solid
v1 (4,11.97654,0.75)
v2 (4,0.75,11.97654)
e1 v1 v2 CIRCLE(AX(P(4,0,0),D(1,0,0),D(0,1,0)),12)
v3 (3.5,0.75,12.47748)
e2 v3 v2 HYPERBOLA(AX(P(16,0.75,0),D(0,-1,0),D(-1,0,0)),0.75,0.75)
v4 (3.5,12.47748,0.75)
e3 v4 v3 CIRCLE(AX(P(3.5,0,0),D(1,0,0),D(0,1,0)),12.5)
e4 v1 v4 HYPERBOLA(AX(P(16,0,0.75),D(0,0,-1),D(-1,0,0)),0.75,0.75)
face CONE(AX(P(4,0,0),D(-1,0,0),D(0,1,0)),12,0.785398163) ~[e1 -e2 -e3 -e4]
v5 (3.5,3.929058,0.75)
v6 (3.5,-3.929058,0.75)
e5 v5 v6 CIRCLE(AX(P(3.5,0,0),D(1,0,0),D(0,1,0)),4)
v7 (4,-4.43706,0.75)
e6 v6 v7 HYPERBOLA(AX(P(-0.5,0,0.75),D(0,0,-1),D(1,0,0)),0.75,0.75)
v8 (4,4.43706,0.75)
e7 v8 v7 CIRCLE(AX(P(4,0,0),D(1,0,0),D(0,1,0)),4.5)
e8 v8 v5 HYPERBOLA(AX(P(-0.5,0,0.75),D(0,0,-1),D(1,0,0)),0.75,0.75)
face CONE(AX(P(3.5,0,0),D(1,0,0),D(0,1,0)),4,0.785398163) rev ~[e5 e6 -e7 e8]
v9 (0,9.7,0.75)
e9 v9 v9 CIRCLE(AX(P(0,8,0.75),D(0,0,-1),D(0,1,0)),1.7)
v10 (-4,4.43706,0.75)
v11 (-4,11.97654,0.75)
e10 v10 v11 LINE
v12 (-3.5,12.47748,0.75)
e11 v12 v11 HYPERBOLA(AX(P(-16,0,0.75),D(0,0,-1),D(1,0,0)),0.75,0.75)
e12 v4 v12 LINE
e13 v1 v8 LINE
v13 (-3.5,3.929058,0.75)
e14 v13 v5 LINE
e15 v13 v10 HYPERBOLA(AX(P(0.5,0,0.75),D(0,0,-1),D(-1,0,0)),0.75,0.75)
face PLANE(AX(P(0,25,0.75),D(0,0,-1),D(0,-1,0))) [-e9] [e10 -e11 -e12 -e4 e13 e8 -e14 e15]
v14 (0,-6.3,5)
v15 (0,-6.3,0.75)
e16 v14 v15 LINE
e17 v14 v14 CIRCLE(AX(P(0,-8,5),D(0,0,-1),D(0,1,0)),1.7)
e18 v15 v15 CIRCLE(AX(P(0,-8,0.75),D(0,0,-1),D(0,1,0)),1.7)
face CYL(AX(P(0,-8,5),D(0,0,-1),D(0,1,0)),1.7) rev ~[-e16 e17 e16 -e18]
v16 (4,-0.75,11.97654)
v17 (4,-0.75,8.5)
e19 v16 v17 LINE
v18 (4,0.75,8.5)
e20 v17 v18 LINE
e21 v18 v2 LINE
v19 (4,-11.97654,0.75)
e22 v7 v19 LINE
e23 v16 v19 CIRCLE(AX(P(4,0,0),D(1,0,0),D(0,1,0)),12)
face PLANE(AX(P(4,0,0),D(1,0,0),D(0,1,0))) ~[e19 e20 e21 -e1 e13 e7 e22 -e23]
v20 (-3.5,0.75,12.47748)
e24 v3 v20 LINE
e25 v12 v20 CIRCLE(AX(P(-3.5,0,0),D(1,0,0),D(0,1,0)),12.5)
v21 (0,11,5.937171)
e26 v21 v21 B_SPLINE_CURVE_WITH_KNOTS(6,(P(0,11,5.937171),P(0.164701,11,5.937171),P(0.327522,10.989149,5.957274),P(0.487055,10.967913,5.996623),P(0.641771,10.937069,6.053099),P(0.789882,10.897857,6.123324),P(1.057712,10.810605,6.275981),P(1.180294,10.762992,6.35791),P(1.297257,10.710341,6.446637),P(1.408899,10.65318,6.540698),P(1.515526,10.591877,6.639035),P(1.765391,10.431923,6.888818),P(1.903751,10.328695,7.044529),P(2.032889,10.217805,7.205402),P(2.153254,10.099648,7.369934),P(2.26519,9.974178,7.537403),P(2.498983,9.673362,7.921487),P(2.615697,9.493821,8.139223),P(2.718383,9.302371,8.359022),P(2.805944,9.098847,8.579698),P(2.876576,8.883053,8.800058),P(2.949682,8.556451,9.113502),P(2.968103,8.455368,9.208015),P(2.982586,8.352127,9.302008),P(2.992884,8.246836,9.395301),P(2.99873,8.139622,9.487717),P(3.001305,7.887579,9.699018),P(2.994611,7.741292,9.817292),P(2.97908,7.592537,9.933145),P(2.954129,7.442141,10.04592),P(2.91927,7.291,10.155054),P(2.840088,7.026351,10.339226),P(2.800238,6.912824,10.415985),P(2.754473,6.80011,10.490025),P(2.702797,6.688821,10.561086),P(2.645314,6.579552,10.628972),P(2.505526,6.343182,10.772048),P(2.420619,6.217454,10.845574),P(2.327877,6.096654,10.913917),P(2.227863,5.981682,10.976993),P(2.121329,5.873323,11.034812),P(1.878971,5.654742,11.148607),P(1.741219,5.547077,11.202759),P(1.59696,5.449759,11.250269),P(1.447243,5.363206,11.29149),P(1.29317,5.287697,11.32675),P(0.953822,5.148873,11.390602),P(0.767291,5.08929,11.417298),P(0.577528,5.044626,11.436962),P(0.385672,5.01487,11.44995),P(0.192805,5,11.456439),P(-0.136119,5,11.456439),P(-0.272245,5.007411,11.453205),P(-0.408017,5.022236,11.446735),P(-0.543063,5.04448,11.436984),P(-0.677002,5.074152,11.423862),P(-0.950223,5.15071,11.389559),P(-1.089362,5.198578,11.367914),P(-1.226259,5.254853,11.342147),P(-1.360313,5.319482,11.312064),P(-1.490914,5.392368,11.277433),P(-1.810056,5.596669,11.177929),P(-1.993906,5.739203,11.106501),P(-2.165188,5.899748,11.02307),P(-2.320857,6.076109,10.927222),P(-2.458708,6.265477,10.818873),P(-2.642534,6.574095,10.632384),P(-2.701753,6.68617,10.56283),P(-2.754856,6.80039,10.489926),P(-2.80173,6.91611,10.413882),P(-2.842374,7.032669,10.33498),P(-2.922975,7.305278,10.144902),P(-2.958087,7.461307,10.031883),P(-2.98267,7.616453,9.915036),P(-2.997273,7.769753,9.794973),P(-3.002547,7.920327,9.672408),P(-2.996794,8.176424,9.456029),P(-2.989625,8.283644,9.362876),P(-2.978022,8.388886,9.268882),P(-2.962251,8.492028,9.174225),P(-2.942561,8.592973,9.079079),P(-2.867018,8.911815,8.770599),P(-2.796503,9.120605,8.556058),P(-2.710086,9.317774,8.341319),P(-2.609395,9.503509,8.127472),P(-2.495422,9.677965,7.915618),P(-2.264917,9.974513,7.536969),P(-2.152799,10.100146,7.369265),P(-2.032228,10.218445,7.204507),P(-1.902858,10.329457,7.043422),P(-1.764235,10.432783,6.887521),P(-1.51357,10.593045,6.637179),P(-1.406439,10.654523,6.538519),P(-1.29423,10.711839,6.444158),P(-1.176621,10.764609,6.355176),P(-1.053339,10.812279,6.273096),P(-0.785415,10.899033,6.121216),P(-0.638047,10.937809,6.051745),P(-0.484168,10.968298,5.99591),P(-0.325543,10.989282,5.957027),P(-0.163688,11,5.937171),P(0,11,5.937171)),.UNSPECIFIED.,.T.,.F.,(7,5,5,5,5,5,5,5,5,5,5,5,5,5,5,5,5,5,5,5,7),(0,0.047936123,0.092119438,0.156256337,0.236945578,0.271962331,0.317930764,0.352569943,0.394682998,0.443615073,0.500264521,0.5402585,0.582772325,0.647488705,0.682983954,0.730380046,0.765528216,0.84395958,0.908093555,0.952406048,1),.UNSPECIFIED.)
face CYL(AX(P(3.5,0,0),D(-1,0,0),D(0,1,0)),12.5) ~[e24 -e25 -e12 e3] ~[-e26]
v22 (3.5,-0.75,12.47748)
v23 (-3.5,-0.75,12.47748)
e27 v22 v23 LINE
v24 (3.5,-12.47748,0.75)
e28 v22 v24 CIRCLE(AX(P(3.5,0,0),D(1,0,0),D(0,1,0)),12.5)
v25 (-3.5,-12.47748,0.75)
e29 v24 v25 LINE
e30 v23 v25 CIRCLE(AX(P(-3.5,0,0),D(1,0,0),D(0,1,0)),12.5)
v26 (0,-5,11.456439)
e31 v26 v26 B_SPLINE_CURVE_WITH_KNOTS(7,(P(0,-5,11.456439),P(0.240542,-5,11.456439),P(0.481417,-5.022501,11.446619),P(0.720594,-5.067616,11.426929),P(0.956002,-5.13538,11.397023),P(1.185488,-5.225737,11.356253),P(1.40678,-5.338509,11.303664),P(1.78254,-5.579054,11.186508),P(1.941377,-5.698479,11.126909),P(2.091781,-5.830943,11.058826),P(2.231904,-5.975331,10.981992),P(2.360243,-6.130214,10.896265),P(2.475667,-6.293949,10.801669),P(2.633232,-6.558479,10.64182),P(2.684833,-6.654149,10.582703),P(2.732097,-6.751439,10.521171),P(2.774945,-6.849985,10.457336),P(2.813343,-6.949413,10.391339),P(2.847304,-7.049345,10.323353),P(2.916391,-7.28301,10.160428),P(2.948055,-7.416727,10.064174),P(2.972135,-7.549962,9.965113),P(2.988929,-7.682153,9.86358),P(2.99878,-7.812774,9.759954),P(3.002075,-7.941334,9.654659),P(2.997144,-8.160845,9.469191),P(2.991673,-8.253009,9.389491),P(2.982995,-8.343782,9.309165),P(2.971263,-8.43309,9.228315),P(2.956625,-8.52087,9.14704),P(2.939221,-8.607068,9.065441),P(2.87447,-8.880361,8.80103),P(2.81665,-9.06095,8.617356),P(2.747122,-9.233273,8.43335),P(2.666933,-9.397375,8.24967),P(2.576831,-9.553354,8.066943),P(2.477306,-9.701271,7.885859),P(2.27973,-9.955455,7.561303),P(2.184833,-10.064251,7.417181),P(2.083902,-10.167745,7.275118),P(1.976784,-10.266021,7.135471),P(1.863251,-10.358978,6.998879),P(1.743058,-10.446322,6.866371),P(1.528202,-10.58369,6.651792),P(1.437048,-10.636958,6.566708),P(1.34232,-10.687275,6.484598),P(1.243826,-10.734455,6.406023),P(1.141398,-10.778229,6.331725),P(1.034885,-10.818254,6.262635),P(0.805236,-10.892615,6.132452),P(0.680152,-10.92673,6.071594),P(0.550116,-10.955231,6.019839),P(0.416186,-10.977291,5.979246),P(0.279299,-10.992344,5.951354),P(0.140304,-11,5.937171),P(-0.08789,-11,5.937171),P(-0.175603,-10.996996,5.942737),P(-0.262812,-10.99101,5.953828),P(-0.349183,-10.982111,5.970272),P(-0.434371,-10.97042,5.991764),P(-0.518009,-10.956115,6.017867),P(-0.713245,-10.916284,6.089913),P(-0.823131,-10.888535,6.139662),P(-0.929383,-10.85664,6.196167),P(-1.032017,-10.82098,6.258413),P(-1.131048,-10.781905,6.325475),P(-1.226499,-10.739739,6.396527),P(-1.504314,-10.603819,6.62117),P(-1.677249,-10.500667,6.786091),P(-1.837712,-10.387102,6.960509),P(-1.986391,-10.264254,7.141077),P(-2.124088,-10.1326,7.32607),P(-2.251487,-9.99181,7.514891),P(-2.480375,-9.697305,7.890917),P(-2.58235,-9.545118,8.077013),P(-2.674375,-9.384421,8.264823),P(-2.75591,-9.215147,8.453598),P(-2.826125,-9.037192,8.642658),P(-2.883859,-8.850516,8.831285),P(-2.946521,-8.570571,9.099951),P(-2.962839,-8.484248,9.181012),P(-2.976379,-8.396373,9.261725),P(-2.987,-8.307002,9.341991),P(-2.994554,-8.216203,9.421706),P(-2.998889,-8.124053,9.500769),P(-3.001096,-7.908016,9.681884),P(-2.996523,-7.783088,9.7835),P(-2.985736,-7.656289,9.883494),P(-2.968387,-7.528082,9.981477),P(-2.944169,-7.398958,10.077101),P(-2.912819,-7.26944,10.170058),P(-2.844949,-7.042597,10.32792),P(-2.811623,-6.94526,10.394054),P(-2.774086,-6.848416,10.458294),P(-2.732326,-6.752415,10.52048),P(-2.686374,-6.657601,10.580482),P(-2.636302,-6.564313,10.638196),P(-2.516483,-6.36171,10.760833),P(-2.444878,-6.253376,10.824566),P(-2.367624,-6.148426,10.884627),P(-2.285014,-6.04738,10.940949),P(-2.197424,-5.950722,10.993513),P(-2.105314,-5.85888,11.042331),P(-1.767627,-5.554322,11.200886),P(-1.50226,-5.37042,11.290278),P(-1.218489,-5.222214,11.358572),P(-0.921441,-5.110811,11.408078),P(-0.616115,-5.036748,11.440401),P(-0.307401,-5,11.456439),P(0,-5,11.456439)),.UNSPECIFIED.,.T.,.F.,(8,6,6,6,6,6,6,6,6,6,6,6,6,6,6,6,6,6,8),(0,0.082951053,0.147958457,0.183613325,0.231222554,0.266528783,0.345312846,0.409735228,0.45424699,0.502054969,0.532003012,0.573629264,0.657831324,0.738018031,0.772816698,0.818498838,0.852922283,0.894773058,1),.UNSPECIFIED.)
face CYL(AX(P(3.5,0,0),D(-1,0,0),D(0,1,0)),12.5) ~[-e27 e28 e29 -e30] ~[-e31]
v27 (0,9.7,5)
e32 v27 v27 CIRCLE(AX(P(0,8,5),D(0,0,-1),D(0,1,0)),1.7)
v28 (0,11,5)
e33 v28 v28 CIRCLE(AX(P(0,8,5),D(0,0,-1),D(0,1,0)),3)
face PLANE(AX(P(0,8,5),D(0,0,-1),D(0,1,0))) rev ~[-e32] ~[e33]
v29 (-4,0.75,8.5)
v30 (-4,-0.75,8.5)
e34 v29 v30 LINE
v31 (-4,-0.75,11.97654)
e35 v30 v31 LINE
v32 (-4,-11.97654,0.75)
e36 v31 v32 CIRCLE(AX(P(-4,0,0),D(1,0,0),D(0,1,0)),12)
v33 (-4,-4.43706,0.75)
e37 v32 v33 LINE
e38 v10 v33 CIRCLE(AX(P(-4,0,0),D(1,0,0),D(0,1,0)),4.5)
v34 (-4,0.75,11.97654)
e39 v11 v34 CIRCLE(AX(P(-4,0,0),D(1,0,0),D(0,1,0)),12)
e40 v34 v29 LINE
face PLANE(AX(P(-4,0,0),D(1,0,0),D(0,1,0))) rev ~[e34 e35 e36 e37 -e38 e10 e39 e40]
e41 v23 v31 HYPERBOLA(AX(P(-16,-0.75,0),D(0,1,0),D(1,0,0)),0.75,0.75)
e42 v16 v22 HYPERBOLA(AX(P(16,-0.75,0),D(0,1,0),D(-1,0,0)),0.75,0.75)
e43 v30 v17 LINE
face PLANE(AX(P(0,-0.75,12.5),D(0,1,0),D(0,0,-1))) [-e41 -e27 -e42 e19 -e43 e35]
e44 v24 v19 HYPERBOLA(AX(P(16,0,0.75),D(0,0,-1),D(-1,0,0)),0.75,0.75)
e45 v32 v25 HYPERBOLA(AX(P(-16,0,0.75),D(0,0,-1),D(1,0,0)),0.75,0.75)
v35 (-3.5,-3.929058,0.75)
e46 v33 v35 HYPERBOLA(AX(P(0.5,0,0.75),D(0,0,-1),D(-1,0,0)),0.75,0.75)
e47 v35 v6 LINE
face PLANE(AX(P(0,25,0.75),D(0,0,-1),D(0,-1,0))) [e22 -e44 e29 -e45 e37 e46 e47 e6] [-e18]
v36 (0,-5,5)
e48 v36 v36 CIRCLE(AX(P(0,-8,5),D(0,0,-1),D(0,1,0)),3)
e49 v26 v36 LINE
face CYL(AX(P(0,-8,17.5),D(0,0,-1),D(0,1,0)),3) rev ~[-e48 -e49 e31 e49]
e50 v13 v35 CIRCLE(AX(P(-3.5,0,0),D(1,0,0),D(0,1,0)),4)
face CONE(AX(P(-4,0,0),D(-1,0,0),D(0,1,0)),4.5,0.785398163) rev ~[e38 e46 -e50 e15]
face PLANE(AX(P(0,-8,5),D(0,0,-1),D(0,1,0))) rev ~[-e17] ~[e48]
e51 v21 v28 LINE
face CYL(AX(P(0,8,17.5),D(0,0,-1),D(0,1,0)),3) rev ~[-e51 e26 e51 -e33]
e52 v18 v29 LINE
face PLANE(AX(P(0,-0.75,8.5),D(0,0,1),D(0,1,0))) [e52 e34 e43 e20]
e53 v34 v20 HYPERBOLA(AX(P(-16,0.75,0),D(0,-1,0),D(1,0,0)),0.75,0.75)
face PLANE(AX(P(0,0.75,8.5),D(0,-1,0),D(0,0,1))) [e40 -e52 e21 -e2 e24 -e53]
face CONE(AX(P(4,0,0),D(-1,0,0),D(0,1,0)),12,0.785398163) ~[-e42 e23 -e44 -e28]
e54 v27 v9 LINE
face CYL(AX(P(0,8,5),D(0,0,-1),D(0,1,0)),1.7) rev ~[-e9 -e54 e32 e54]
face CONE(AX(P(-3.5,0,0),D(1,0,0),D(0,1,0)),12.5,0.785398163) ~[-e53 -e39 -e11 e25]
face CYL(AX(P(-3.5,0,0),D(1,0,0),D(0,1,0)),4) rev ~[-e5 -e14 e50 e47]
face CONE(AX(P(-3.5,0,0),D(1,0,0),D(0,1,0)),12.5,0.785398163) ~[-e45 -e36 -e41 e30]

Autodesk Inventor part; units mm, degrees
sketch "_____1" plane through (0, 0, 0) normal (0, 0, 1) x (1, 0, 0)
  line L0 (50, 0) -> (-50, 0)
  line L1 (-4, 12) -> (-4, 4.5)
  line L2 (-4, 4.5) -> (-3.5, 4)
  line L3 (-3.5, 4) -> (3.5, 4)
  line L4 (3.5, 4) -> (4, 4.5)
  line L5 (4, 4.5) -> (4, 12)
  line L6 (4, 12) -> (3.5, 12.5)
  line L7 (3.5, 12.5) -> (-3.5, 12.5)
  line L8 (-3.5, 12.5) -> (-4, 12)
revolve "Revolution1" add sketch "_____1" angle 180 about axis through (50, 0, 0) along (1, 0, 0)
sketch "_____2" plane through (0, 0, 0) normal (1, 0, 0) x (0, 0, -1)
  line L0 (-0.75, -25) -> (0.75, -25)
  line L1 (0.75, -25) -> (0.75, 25)
  line L2 (0.75, 25) -> (-0.75, 25)
  line L3 (-0.75, 25) -> (-0.75, -25)
extrude "Extrusion1" cut sketch "_____2" along normal mid plane 16
sketch "_____3" plane through (0, 0, 0) normal (1, 0, 0) x (0, 0, -1)
  line L0 (0, 8) -> (-17.5, 8)
  line L1 (-17.5, 8) -> (-17.5, 11)
  line L2 (-17.5, 11) -> (-5, 11)
  line L3 (-5, 11) -> (-5, 9.7)
  line L4 (-5, 9.7) -> (0, 9.7)
  line L5 (0, 9.7) -> (0, 8)
  line L6 (0, 8) -> (-17.5, 8)
revolve "Revolution2" cut sketch "_____3" angle 360 about axis through (0, 8, 0) along (0, 0, -1)
pattern_linear "Rectangular Pattern1" count 2 spacing 16 along (0, -1, 0) of "Revolution2"
sketch "_____5" plane through (0, 0, 0) normal (1, 0, 0) x (0, 0, -1)
  line L0 (-12.5, -0.75) -> (-8.5, -0.75)
  line L1 (-8.5, -0.75) -> (-8.5, 0.75)
  line L2 (-8.5, 0.75) -> (-12.5, 0.75)
  line L3 (-12.5, 0.75) -> (-12.5, -0.75)
extrude "Extrusion2" cut sketch "_____5" along normal mid plane 16
ref_plane "to_body_XY" through (0, 0, 0) normal (0, 0, -1) x (1, 0, 0)
ref_plane "to_body_YZ" through (0, 0, 0) normal (1, 0, 0) x (0, -1, 0)
ref_plane "to_body_ZX" through (0, 0, 0) normal (0, -1, 0) x (0, 0, -1)
ref_plane "to_bolt_1_XY" through (0, 8, 5) normal (0, 0, 1) x (1, 0, 0)
ref_plane "to_bolt_1_YZ" through (0, 8, 5) normal (1, 0, 0) x (0, 1, 0)
ref_plane "to_bolt_1_ZX" through (0, 8, 5) normal (0, 1, 0) x (0, 0, 1)
ref_plane "to_bolt_2_XY" through (0, -8, 5) normal (0, 0, 1) x (1, 0, 0)
ref_plane "to_bolt_2_YZ" through (0, -8, 5) normal (1, 0, 0) x (0, 1, 0)
ref_plane "to_bolt_2_ZX" through (0, -8, 5) normal (0, 1, 0) x (0, 0, 1)
properties part number "C-SCNPAW8-8_1"
